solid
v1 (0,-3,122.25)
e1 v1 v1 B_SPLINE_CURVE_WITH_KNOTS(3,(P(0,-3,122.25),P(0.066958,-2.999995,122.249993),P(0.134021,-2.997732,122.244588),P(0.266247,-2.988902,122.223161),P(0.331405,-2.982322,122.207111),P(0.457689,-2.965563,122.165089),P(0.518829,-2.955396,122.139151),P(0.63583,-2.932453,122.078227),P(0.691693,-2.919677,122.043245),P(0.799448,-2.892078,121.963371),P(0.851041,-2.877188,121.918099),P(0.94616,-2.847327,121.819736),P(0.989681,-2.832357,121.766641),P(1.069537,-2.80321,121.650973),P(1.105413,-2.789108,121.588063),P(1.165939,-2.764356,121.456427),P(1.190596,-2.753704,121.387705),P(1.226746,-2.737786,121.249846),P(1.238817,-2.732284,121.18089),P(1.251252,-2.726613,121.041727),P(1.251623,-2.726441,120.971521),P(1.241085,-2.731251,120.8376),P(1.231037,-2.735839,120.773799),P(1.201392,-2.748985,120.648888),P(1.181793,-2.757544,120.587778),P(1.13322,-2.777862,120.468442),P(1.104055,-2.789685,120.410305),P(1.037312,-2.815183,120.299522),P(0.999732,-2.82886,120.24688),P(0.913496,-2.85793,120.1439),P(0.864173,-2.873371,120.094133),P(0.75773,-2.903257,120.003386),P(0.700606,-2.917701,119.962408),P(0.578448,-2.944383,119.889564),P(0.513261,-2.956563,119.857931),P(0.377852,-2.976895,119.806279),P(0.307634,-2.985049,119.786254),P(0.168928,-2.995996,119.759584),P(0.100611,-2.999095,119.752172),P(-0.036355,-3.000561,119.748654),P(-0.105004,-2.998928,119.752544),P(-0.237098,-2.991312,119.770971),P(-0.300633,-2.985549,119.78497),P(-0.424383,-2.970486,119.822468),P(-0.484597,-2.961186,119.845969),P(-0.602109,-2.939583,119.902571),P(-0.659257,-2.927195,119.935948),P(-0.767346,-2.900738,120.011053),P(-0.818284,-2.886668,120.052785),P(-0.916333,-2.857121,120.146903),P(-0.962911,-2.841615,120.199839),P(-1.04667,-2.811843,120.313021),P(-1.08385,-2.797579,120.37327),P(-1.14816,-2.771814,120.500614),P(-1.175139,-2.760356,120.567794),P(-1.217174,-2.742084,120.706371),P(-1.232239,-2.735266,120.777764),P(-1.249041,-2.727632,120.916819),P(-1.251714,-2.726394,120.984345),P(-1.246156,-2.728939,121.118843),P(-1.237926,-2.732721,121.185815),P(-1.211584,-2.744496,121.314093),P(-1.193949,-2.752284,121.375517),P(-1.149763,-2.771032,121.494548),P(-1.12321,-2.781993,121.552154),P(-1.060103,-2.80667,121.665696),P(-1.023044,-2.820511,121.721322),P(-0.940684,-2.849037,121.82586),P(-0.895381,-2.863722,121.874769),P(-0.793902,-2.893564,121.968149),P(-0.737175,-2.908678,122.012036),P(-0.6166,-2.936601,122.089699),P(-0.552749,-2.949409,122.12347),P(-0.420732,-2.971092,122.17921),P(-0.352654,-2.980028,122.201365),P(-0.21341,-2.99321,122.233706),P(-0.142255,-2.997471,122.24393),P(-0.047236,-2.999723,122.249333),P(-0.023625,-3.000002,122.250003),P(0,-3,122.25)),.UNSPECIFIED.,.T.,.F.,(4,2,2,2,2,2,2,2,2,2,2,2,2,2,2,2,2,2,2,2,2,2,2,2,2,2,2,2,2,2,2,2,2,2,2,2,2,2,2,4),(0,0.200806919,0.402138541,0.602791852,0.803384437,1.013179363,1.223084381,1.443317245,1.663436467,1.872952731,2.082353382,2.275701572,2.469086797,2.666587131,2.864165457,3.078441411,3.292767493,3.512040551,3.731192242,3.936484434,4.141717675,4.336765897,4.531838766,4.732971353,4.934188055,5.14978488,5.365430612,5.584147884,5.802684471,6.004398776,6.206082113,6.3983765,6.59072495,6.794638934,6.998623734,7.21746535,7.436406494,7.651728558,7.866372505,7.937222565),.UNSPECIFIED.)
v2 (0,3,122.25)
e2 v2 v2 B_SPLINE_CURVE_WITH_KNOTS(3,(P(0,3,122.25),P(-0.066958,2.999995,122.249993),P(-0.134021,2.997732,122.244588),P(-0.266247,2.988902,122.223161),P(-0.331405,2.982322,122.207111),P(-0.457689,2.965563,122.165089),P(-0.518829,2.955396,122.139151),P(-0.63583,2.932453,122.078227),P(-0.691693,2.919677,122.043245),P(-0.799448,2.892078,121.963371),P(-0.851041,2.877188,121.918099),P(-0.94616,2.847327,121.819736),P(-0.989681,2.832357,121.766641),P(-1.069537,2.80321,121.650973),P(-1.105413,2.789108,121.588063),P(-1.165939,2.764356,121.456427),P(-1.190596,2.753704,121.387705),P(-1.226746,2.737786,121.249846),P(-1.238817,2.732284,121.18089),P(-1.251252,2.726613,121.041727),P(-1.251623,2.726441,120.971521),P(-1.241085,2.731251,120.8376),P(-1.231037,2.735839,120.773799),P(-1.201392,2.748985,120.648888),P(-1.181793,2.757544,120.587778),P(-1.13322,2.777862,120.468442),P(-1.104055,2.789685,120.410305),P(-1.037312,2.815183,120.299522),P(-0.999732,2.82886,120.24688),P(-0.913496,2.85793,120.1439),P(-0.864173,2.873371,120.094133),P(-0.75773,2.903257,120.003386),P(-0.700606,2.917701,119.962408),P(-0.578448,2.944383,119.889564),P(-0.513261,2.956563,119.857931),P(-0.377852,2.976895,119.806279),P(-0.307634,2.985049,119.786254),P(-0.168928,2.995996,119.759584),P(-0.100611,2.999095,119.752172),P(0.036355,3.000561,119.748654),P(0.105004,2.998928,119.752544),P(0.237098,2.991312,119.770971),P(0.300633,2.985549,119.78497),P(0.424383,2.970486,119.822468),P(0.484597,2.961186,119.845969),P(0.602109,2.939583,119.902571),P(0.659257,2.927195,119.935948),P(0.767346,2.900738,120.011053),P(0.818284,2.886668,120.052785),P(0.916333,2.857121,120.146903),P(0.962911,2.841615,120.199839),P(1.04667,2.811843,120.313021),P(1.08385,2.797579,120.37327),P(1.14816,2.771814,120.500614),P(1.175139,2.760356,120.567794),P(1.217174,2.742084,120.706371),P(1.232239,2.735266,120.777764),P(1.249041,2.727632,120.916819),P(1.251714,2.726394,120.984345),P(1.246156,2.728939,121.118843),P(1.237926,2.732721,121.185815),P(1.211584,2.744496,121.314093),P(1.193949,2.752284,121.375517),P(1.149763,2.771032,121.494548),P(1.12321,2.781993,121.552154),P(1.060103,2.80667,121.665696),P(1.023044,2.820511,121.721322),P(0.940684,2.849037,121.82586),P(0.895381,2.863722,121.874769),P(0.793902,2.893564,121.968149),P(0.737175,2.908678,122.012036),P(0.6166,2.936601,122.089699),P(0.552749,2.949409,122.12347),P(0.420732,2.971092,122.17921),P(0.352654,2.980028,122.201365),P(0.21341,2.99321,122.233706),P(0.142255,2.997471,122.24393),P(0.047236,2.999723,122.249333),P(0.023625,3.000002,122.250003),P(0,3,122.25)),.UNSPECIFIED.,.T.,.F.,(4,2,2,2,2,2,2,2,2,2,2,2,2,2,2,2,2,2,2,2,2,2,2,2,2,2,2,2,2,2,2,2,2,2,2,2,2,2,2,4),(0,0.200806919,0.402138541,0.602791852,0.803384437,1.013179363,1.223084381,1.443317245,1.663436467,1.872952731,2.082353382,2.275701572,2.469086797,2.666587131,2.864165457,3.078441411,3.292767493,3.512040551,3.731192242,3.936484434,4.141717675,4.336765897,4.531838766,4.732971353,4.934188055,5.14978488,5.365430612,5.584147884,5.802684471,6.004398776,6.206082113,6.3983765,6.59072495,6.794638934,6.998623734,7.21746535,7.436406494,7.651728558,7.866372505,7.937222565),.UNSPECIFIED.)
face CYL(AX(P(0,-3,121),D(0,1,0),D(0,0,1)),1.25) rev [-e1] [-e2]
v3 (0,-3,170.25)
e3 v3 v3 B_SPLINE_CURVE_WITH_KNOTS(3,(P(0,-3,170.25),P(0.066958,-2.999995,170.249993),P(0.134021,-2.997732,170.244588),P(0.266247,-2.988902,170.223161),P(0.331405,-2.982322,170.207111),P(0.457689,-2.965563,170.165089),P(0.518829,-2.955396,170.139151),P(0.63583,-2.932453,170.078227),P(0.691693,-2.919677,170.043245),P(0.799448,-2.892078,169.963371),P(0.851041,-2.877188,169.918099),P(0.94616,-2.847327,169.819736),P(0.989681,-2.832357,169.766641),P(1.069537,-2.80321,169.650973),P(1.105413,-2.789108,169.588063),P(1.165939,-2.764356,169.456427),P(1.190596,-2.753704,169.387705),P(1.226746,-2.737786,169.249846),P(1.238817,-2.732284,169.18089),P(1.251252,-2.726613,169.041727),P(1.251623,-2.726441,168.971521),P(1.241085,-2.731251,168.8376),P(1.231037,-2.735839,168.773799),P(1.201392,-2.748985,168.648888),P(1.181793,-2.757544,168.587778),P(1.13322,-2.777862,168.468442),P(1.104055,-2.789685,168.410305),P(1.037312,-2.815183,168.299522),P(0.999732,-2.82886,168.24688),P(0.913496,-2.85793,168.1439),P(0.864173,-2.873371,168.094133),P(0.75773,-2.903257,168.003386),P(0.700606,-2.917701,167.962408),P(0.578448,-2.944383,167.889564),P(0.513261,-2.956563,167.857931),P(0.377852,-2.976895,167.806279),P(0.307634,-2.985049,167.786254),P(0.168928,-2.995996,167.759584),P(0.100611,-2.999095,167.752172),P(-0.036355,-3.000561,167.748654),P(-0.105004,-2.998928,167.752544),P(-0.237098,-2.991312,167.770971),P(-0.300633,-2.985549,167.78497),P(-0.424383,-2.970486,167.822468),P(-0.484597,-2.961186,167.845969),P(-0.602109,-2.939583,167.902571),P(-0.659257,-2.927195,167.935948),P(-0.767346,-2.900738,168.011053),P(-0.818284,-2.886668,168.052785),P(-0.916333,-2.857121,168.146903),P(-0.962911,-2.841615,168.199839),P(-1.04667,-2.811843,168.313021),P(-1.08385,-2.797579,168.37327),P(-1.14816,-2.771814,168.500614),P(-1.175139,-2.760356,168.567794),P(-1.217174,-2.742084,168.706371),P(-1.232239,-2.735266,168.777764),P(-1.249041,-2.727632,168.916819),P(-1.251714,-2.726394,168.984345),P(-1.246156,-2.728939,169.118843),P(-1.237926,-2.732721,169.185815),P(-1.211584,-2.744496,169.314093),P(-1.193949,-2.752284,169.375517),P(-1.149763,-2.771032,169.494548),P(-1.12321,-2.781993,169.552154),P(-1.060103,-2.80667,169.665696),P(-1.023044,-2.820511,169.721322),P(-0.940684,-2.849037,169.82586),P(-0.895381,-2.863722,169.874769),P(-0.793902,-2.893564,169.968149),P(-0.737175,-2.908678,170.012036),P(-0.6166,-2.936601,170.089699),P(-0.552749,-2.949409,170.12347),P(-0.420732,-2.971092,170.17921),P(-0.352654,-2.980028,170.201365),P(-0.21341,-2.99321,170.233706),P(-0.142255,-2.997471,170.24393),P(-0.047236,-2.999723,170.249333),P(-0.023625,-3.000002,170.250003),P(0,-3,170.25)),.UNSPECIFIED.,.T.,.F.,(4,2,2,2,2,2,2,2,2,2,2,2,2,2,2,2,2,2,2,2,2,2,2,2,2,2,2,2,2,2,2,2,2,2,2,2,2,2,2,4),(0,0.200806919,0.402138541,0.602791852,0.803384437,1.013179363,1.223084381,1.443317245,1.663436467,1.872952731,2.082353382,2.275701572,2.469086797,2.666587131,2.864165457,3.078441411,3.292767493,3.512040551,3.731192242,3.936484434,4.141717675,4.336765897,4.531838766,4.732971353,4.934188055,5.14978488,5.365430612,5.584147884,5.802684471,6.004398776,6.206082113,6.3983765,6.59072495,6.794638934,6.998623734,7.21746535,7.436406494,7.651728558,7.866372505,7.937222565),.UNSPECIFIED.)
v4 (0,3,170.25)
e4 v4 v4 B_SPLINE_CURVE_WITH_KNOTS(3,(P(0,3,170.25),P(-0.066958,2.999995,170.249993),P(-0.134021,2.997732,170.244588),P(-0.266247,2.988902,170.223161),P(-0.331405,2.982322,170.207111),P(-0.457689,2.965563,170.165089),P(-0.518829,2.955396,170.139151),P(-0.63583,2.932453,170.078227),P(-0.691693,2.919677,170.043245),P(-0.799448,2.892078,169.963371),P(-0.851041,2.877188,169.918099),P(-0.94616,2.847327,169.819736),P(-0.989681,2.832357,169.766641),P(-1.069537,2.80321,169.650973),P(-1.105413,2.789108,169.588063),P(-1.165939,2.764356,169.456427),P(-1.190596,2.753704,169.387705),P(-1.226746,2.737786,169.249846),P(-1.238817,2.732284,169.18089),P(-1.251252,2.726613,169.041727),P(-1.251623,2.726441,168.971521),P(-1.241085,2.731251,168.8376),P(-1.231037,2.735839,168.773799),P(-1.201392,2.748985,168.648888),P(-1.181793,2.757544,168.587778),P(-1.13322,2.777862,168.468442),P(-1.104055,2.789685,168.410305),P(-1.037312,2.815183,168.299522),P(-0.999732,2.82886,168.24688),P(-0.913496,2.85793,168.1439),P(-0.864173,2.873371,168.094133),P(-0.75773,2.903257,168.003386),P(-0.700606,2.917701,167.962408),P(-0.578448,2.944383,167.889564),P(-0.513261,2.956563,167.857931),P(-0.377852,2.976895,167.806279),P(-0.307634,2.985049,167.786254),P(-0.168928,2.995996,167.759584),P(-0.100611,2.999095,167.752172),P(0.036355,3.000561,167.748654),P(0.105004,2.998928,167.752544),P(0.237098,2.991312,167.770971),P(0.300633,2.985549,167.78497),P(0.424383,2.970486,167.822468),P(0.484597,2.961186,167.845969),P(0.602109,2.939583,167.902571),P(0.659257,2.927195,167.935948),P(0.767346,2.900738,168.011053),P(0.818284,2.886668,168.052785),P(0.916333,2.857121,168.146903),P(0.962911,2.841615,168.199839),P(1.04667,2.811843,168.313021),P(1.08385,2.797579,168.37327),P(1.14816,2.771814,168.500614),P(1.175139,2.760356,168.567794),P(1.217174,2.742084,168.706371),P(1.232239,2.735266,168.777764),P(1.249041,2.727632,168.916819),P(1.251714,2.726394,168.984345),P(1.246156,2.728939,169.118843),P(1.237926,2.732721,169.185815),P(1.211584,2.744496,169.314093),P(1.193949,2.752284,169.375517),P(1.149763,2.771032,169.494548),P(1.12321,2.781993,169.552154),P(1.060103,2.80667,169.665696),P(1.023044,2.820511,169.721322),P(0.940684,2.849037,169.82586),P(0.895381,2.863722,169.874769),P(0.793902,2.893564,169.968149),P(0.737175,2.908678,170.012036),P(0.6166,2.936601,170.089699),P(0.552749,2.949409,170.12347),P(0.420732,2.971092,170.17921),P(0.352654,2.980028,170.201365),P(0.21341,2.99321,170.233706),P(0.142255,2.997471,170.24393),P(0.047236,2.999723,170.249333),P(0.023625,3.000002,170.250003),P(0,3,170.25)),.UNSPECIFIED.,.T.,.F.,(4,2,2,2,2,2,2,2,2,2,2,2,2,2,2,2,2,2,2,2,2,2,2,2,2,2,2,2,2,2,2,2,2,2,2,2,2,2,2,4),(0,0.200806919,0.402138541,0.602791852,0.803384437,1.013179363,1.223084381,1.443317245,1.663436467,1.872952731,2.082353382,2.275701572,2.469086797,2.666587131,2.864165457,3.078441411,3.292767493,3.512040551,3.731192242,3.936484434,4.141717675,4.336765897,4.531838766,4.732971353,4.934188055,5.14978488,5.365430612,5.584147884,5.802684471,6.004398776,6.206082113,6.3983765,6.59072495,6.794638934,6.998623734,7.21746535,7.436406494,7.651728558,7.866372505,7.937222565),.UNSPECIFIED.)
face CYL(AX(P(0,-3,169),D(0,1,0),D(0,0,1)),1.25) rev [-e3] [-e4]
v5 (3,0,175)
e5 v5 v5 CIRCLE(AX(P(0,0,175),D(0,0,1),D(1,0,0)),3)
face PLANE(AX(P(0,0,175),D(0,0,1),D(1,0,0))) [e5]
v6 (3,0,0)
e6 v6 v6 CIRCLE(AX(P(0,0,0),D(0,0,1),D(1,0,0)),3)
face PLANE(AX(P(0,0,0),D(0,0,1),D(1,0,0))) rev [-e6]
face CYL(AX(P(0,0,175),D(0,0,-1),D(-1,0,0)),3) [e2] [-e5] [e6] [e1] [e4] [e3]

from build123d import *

# Parameters (mm, degrees)
ESQUISSE1_R                  = 3
BOSS_EXTRU_1_DEPTH           = 175
ENL_V_MAT_EXTRU_1_DEPTH      = 176.051421017
ENL_V_MAT_EXTRU_1_DEPTH_BACK = 176.051421017
ESQUISSE2_R                  = 1.25


with BuildPart() as part:
    # Esquisse1 → Boss.-Extru.1 (new body)
    with BuildSketch(Plane.XY):
        Circle(ESQUISSE1_R)
    extrude(amount=BOSS_EXTRU_1_DEPTH)

    # Esquisse2 → Enlèv. mat.-Extru.1 (cut, two sides: drawn at the far end of the back side and taken through both)
    with BuildSketch(Plane(origin=(0, 0, 0), x_dir=(1, 0, 0), z_dir=(0, 1, 0)).offset(-ENL_V_MAT_EXTRU_1_DEPTH_BACK)):
        with Locations(Location((0, -121, 0), (0, 0, 270))):
            Circle(ESQUISSE2_R)
        with Locations(Location((0, -169, 0), (0, 0, 270))):
            Circle(ESQUISSE2_R)
    extrude(amount=ENL_V_MAT_EXTRU_1_DEPTH + ENL_V_MAT_EXTRU_1_DEPTH_BACK, mode=Mode.SUBTRACT)


solid = part.part
